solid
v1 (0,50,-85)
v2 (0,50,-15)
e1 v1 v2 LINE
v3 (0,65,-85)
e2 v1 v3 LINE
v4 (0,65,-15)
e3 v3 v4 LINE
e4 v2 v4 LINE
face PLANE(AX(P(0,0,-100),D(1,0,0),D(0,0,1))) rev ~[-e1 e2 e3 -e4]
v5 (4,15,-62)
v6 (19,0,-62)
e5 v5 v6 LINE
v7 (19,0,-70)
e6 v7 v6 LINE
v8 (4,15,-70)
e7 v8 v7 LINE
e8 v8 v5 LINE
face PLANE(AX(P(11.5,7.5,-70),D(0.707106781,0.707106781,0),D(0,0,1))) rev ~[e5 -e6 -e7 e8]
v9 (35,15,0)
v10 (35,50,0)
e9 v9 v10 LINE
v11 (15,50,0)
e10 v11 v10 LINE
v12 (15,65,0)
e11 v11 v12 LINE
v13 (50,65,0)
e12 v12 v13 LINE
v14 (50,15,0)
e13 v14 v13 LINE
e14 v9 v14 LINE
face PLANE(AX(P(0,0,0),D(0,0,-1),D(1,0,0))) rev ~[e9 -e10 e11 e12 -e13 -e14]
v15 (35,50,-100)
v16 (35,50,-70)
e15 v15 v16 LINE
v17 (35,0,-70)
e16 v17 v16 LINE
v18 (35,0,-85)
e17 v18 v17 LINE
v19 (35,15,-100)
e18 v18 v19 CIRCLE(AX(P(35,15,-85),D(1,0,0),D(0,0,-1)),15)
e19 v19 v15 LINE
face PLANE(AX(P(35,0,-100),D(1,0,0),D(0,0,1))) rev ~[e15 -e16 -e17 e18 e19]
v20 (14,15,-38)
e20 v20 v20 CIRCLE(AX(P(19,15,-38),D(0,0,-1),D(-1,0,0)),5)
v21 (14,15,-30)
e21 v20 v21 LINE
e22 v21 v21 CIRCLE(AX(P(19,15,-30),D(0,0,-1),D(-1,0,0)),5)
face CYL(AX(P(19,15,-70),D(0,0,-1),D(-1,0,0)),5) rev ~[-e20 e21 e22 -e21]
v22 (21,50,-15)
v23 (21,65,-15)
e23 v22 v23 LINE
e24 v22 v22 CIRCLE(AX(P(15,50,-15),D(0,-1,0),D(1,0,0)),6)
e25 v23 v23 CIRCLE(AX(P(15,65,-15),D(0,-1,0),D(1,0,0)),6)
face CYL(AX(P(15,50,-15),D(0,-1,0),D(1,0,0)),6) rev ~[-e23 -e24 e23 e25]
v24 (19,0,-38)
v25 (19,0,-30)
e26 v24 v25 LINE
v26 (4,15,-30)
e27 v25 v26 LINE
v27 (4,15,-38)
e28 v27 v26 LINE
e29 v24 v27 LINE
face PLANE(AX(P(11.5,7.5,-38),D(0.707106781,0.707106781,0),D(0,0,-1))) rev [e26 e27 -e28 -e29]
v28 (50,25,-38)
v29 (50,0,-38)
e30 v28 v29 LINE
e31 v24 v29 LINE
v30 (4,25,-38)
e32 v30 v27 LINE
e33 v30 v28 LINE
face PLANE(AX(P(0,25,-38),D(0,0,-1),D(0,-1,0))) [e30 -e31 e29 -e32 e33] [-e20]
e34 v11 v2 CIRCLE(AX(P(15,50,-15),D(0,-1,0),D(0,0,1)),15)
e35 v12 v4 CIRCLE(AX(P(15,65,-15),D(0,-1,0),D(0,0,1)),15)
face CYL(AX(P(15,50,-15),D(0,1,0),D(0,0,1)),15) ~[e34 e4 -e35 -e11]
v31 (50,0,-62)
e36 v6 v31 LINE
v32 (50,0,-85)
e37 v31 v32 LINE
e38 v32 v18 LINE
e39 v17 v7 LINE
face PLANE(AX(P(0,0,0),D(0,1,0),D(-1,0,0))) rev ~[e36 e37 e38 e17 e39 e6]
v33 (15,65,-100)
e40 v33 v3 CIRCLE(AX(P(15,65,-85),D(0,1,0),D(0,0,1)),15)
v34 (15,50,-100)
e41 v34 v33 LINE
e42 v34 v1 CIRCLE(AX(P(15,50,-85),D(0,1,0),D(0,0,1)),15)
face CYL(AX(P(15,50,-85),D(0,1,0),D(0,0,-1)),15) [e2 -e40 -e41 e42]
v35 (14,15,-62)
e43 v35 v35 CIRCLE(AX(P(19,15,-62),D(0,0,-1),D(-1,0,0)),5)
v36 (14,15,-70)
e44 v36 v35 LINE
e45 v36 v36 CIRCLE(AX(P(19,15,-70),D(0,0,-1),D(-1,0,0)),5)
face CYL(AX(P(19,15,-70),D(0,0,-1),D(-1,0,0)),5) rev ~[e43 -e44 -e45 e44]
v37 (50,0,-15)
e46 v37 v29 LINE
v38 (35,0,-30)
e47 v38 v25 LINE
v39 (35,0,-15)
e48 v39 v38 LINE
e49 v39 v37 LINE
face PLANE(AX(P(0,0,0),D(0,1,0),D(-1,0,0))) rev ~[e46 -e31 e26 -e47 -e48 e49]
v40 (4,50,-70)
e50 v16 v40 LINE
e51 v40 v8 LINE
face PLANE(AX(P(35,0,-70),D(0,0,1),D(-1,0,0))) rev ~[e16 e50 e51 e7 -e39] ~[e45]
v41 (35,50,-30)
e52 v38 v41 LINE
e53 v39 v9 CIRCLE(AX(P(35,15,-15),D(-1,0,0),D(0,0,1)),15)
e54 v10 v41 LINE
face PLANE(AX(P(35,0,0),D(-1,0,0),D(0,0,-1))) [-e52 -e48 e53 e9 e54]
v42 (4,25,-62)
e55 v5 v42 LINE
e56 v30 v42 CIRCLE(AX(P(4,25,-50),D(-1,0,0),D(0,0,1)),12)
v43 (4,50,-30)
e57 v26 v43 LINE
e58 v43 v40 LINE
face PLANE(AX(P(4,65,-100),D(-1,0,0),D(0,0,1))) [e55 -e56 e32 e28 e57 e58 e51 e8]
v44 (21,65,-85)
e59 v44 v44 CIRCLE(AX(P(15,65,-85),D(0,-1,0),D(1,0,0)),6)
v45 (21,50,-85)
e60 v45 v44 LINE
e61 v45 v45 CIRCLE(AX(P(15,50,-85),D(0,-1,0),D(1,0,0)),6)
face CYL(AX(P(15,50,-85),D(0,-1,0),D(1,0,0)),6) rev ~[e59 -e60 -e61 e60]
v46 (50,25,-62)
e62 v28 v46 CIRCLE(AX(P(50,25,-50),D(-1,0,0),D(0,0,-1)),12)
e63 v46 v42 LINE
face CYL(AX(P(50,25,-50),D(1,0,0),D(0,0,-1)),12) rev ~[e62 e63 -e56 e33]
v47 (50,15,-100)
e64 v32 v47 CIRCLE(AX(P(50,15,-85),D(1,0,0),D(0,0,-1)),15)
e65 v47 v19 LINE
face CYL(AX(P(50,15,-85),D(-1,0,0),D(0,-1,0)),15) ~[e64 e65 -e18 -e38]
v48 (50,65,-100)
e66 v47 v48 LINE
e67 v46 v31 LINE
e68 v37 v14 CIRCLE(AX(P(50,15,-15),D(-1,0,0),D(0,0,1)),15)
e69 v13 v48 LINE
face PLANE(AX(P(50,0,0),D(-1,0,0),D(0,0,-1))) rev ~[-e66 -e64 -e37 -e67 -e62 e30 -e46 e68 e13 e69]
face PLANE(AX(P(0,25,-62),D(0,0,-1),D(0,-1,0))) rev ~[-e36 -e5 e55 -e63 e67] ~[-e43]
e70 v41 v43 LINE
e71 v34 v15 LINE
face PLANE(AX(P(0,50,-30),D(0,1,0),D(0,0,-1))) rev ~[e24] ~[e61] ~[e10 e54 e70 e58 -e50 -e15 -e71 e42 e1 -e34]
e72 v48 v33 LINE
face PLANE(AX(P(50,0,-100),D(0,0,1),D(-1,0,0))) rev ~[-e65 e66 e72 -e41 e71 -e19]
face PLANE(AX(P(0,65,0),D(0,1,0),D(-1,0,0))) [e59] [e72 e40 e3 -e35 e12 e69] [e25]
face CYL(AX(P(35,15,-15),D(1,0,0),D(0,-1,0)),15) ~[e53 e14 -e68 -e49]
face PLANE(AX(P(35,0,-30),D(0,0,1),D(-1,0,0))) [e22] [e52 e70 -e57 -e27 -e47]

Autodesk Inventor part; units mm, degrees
ref_plane "YZ Plane" through (0, 0, 0) normal (1, 0, 0) x (0, 1, 0)
ref_plane "XZ Plane" through (0, 0, 0) normal (0, 1, 0) x (-1, 0, 0)
ref_plane "XY Plane" through (0, 0, 0) normal (0, 0, 1) x (1, 0, 0)
sketch "Sketch1" plane through (0, 0, 0) normal (0, 1, 0) x (-1, 0, 0)
  line L0 (0, 0) -> (-50, 0)
  line L1 (-50, 0) -> (-50, -100)
  line L2 (-50, -100) -> (0, -100)
  line L3 (0, -100) -> (0, 0)
  dimension "d0" = 50
  dimension "d1" = 100
extrude "Extrusion1" add sketch "Sketch1" along normal blind 65
sketch "Sketch2" plane through (50, 0, 0) normal (1, 0, 0) x (0, 0, -1)
  line L0 (0, 0) -> (100, 0) projected
  line L1 (50, 0) -> (50, 25)
  circle A0 centre (50, 25) radius 12
  line L2 (0, 65) -> (100, 65) projected
  line L3 (50, 65) -> (50, 25)
  dimension "d5" = 24
  dimension "d15" = 40
  dimension "d16" = 40
extrude "Extrusion2" cut sketch "Sketch2" against normal blind 65
sketch "Sketch3" plane through (0, 0, -100) normal (-1, 0, 0) x (0, 0, 1)
  circle A0 centre (50, 25) radius 12 projected
  line L0 (0, 0) -> (100, 0) projected
  line L1 (62.5625, 0) -> (38, 0)
  circle A1 centre (50, 25) radius 12 projected
  line L2 (0, 0) -> (100, 0) projected
  line L3 (100, 0) -> (100, 65) projected
  line L4 (0, 65) -> (100, 65) projected
  line L5 (0, 0) -> (0, 65) projected
  line L6 (62, 25) -> (62, 0)
  line L7 (38, 25) -> (38, 0)
  line L8 (100, 0) -> (0, 0) projected
extrude "Extrusion3" cut sketch "Sketch3" against normal blind 65 contours L6 L0 L7 A0
sketch "Sketch4" plane through (0, 0, 0) normal (0, -1, 0) x (1, 0, 0)
  line L0 (0, -100) -> (0, 0) projected
  line L1 (0, -100) -> (35, -100)
  line L2 (35, -100) -> (35, -70)
  line L3 (35, -70) -> (0, -70)
  line L4 (0, -70) -> (0, -100)
  line L5 (0, 0) -> (50, 0) projected
  line L6 (0, 0) -> (35, 0)
  line L7 (35, 0) -> (35, -30)
  line L8 (35, -30) -> (0, -30)
  line L9 (0, -30) -> (0, 0)
  dimension "d10" = 35
  dimension "d11" = 30
  dimension "d12" = 30
extrude "Extrusion4" cut sketch "Sketch4" against normal blind 50
sketch "Sketch5" plane through (0, 65, -100) normal (-1, 0, 0) x (0, 0, 1)
  line L0 (0, -15) -> (30, -15) projected
  line L1 (30, -15) -> (30, -65) projected
  line L2 (30, -65) -> (38, -65) projected
  line L3 (38, -65) -> (38, -40) projected
  arc A0 (62, -40) -> (38, -40) centre (50, -40) ccw projected
  line L4 (62, -40) -> (62, -65) projected
  line L5 (62, -65) -> (70, -65) projected
  line L6 (70, -65) -> (70, -15) projected
  line L7 (70, -15) -> (100, -15) projected
  line L8 (100, -15) -> (100, 0) projected
  line L9 (0, 0) -> (100, 0) projected
  line L10 (0, -15) -> (0, 0) projected
  line L11 (70, -15) -> (30, -15)
  point P0 (100, -65)
extrude "Extrusion5" cut sketch "Sketch5" against normal blind 4 contours L11 L6 L5 L4 A0 L3 L2 L1
sketch "Sketch6" plane through (35, 0, -70) normal (0, 0, -1) x (-1, 0, 0)
  circle A0 centre (16, 15) radius 5
  line L0 (31, 0) -> (31, 50) projected
  line L1 (31, 0) -> (0, 0) projected
  point P0 (35, 0)
  dimension "d19" = 10
  dimension "d20" = 15
  dimension "d21" = 15
extrude "Extrusion6" cut sketch "Sketch6" against normal through all
chamfer "Chamfer1" distance 15 angle 45 2 edges at (4, 0, -34) (4, 0, -66)
fillet "Fillet1" radius 15 4 edges at (42.5, 0, 0) (42.5, 0, -100) (0, 57.5, -100) (0, 57.5, 0)
sketch "Sketch7" plane through (0, 50, 0) normal (0, -1, 0) x (1, 0, 0)
  circle A0 centre (15, -85) radius 6
  circle A1 centre (15, -15) radius 6
  line L0 (0, -85) -> (0, -15) projected
  line L1 (15, 0) -> (35, 0) projected
  line L2 (35, -100) -> (15, -100) projected
  point P0 (0, 0)
  dimension "d28" = 12
  dimension "d29" = 12
  dimension "d30" = 15
  dimension "d31" = 15
  dimension "d32" = 15
  dimension "d33" = 15
extrude "Extrusion7" cut sketch "Sketch7" against normal through all
properties part number "Block4" material "Brass, Soft Yellow"
